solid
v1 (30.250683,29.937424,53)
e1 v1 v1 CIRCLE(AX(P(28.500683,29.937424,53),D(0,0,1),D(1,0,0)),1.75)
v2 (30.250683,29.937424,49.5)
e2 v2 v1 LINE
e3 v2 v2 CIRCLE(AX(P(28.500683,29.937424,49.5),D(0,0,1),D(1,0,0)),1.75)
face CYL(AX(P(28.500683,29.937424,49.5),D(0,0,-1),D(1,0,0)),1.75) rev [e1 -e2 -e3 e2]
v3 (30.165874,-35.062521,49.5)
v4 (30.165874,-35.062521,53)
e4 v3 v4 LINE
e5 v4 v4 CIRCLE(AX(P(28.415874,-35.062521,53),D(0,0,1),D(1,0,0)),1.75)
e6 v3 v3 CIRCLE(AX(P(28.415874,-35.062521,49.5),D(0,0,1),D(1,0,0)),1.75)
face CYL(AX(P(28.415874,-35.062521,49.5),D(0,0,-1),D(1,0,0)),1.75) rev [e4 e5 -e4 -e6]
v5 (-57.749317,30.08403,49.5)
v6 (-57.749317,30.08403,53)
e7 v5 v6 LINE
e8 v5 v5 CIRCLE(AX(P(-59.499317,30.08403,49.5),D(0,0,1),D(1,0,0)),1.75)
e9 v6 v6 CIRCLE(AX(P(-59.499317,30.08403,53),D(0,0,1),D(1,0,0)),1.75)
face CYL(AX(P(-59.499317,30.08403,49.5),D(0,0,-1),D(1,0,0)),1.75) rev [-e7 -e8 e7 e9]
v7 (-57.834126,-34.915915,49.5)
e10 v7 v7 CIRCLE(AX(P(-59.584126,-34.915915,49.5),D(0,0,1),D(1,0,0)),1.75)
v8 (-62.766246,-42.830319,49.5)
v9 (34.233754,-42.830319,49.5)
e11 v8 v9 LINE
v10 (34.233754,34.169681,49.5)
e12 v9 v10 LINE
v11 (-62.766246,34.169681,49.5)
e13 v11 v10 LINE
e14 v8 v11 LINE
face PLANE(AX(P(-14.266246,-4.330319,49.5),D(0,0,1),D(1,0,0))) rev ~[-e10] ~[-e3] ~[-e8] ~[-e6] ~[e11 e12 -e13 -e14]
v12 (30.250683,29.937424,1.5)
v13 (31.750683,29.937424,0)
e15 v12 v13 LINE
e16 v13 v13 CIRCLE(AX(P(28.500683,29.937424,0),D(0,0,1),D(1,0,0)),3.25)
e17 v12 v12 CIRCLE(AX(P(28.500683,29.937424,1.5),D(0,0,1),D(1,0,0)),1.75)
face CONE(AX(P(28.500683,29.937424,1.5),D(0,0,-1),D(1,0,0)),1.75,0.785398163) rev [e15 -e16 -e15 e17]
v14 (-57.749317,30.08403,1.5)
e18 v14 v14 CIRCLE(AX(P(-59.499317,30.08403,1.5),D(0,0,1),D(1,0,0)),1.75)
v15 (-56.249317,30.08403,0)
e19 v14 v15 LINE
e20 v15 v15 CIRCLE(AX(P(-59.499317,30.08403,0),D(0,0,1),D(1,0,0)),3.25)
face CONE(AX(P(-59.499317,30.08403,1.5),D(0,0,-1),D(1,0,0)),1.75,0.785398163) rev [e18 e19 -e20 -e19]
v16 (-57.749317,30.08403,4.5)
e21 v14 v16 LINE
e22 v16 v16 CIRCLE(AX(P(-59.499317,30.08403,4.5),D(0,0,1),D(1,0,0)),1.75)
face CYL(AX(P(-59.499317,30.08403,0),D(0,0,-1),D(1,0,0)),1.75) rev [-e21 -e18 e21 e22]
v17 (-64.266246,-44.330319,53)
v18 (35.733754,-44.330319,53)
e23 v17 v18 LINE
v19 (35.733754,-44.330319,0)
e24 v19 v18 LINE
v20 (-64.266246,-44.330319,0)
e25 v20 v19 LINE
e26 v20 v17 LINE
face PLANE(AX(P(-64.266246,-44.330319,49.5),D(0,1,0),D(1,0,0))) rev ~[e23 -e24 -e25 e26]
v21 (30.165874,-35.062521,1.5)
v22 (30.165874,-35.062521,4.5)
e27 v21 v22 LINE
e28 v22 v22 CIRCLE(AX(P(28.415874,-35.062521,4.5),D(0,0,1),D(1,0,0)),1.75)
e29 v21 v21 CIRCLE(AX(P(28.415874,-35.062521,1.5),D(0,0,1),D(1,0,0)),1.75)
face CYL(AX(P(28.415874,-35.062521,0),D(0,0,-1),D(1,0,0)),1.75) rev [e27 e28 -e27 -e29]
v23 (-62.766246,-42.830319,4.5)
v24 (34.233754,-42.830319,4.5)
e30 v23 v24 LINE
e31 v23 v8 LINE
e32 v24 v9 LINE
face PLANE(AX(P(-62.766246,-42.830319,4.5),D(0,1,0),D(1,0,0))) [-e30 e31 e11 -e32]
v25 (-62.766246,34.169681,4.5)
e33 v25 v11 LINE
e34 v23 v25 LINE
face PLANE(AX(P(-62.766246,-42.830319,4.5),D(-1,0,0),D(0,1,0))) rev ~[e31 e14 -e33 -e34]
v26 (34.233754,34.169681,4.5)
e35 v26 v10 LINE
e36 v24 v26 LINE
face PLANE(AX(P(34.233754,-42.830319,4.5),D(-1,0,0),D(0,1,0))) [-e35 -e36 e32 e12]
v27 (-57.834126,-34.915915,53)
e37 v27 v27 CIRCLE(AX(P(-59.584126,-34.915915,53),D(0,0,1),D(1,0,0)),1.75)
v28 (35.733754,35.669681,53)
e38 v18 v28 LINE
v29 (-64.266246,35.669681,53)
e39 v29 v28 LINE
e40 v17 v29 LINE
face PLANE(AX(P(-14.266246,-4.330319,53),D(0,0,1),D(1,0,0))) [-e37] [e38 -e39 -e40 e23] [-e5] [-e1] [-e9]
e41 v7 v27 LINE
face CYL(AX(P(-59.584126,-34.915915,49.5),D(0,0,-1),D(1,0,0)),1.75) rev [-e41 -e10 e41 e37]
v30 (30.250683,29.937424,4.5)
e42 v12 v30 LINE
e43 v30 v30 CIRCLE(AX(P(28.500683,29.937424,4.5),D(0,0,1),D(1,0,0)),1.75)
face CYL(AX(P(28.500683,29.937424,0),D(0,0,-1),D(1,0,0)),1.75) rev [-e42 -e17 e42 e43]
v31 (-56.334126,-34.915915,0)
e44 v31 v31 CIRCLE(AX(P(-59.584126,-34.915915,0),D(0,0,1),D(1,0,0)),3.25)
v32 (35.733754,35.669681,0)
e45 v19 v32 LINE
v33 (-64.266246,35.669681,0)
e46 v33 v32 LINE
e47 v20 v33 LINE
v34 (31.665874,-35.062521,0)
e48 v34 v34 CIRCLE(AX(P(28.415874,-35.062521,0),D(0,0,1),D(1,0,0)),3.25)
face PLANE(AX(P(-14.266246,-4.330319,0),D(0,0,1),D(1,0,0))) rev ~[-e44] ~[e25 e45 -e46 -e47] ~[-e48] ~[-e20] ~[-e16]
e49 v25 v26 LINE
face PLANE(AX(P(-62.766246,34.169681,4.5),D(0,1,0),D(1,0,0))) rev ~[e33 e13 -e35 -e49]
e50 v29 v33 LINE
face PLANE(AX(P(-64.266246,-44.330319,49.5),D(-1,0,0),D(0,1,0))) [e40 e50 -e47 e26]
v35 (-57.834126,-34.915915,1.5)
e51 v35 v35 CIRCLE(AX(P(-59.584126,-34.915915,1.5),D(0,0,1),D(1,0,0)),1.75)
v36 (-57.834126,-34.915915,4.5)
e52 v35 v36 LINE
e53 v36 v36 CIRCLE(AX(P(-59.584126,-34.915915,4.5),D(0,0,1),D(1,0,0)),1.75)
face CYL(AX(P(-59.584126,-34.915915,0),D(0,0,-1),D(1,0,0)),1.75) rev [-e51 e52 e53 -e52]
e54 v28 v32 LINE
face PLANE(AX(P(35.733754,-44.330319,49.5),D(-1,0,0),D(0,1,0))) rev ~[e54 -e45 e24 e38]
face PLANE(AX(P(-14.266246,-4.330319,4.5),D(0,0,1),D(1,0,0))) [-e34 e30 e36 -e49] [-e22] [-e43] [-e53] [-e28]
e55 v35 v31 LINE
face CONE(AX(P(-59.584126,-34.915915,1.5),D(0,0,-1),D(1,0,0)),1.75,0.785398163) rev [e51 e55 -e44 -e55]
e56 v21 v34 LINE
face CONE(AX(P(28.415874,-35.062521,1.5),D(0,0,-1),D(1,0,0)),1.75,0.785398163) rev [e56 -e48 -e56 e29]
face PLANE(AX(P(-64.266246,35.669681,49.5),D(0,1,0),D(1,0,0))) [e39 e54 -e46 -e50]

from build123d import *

# Parameters (mm, degrees)
SKETCH_W      = 100
SKETCH_H      = 80
SKETCH_R      = 1.75
PAD_DEPTH     = 4.5
CHAMFER_SIZE  = 1.5
SKETCH001_W   = 100
SKETCH001_H   = 80
SKETCH001_W_2 = 97
SKETCH001_H_2 = 77
PAD001_DEPTH  = 45
SKETCH002_W   = 100
SKETCH002_H   = 80
SKETCH002_R   = 1.75
PAD002_DEPTH  = 3.5


with BuildPart() as part:
    # Sketch → Pad (new body)
    with BuildSketch(Plane.XY):
        with Locations((-14.266246, -4.330319)):
            Rectangle(SKETCH_W, SKETCH_H)
        with Locations((-59.499317, 30.08403)):
            Circle(SKETCH_R, mode=Mode.SUBTRACT)
        with Locations((28.500683, 29.937424)):
            Circle(SKETCH_R, mode=Mode.SUBTRACT)
        with Locations((-59.584126, -34.915915)):
            Circle(SKETCH_R, mode=Mode.SUBTRACT)
        with Locations((28.415874, -35.062521)):
            Circle(SKETCH_R, mode=Mode.SUBTRACT)
    extrude(amount=PAD_DEPTH)

    # Chamfer
    chamfer_edges = [part.edges().sort_by_distance(p)[0] for p in [
        (-61.334126, -34.915915, 0),
        (26.665874, -35.062521, 0),
        (26.750683, 29.937424, 0),
        (-61.249317, 30.08403, 0),
    ]]
    chamfer(chamfer_edges, length=CHAMFER_SIZE)

    # Sketch001 (on Face3 of Chamfer) → Pad001 (join)
    with BuildSketch(Plane.XY.offset(4.5)):
        with Locations((-14.266246, -4.330319)):
            Rectangle(SKETCH001_W, SKETCH001_H)
        with Locations((-14.266246, -4.330319)):
            Rectangle(SKETCH001_W_2, SKETCH001_H_2, mode=Mode.SUBTRACT)
    extrude(amount=PAD001_DEPTH)

    # Sketch002 (on Face19 of Pad001) → Pad002 (join)
    with BuildSketch(Plane.XY.offset(49.5)):
        with Locations((-14.266246, -4.330319)):
            Rectangle(SKETCH002_W, SKETCH002_H)
        with Locations((-59.499317, 30.08403)):
            Circle(SKETCH002_R, mode=Mode.SUBTRACT)
        with Locations((-59.584126, -34.915915)):
            Circle(SKETCH002_R, mode=Mode.SUBTRACT)
        with Locations((28.500683, 29.937424)):
            Circle(SKETCH002_R, mode=Mode.SUBTRACT)
        with Locations((28.415874, -35.062521)):
            Circle(SKETCH002_R, mode=Mode.SUBTRACT)
    extrude(amount=PAD002_DEPTH)


solid = part.part
